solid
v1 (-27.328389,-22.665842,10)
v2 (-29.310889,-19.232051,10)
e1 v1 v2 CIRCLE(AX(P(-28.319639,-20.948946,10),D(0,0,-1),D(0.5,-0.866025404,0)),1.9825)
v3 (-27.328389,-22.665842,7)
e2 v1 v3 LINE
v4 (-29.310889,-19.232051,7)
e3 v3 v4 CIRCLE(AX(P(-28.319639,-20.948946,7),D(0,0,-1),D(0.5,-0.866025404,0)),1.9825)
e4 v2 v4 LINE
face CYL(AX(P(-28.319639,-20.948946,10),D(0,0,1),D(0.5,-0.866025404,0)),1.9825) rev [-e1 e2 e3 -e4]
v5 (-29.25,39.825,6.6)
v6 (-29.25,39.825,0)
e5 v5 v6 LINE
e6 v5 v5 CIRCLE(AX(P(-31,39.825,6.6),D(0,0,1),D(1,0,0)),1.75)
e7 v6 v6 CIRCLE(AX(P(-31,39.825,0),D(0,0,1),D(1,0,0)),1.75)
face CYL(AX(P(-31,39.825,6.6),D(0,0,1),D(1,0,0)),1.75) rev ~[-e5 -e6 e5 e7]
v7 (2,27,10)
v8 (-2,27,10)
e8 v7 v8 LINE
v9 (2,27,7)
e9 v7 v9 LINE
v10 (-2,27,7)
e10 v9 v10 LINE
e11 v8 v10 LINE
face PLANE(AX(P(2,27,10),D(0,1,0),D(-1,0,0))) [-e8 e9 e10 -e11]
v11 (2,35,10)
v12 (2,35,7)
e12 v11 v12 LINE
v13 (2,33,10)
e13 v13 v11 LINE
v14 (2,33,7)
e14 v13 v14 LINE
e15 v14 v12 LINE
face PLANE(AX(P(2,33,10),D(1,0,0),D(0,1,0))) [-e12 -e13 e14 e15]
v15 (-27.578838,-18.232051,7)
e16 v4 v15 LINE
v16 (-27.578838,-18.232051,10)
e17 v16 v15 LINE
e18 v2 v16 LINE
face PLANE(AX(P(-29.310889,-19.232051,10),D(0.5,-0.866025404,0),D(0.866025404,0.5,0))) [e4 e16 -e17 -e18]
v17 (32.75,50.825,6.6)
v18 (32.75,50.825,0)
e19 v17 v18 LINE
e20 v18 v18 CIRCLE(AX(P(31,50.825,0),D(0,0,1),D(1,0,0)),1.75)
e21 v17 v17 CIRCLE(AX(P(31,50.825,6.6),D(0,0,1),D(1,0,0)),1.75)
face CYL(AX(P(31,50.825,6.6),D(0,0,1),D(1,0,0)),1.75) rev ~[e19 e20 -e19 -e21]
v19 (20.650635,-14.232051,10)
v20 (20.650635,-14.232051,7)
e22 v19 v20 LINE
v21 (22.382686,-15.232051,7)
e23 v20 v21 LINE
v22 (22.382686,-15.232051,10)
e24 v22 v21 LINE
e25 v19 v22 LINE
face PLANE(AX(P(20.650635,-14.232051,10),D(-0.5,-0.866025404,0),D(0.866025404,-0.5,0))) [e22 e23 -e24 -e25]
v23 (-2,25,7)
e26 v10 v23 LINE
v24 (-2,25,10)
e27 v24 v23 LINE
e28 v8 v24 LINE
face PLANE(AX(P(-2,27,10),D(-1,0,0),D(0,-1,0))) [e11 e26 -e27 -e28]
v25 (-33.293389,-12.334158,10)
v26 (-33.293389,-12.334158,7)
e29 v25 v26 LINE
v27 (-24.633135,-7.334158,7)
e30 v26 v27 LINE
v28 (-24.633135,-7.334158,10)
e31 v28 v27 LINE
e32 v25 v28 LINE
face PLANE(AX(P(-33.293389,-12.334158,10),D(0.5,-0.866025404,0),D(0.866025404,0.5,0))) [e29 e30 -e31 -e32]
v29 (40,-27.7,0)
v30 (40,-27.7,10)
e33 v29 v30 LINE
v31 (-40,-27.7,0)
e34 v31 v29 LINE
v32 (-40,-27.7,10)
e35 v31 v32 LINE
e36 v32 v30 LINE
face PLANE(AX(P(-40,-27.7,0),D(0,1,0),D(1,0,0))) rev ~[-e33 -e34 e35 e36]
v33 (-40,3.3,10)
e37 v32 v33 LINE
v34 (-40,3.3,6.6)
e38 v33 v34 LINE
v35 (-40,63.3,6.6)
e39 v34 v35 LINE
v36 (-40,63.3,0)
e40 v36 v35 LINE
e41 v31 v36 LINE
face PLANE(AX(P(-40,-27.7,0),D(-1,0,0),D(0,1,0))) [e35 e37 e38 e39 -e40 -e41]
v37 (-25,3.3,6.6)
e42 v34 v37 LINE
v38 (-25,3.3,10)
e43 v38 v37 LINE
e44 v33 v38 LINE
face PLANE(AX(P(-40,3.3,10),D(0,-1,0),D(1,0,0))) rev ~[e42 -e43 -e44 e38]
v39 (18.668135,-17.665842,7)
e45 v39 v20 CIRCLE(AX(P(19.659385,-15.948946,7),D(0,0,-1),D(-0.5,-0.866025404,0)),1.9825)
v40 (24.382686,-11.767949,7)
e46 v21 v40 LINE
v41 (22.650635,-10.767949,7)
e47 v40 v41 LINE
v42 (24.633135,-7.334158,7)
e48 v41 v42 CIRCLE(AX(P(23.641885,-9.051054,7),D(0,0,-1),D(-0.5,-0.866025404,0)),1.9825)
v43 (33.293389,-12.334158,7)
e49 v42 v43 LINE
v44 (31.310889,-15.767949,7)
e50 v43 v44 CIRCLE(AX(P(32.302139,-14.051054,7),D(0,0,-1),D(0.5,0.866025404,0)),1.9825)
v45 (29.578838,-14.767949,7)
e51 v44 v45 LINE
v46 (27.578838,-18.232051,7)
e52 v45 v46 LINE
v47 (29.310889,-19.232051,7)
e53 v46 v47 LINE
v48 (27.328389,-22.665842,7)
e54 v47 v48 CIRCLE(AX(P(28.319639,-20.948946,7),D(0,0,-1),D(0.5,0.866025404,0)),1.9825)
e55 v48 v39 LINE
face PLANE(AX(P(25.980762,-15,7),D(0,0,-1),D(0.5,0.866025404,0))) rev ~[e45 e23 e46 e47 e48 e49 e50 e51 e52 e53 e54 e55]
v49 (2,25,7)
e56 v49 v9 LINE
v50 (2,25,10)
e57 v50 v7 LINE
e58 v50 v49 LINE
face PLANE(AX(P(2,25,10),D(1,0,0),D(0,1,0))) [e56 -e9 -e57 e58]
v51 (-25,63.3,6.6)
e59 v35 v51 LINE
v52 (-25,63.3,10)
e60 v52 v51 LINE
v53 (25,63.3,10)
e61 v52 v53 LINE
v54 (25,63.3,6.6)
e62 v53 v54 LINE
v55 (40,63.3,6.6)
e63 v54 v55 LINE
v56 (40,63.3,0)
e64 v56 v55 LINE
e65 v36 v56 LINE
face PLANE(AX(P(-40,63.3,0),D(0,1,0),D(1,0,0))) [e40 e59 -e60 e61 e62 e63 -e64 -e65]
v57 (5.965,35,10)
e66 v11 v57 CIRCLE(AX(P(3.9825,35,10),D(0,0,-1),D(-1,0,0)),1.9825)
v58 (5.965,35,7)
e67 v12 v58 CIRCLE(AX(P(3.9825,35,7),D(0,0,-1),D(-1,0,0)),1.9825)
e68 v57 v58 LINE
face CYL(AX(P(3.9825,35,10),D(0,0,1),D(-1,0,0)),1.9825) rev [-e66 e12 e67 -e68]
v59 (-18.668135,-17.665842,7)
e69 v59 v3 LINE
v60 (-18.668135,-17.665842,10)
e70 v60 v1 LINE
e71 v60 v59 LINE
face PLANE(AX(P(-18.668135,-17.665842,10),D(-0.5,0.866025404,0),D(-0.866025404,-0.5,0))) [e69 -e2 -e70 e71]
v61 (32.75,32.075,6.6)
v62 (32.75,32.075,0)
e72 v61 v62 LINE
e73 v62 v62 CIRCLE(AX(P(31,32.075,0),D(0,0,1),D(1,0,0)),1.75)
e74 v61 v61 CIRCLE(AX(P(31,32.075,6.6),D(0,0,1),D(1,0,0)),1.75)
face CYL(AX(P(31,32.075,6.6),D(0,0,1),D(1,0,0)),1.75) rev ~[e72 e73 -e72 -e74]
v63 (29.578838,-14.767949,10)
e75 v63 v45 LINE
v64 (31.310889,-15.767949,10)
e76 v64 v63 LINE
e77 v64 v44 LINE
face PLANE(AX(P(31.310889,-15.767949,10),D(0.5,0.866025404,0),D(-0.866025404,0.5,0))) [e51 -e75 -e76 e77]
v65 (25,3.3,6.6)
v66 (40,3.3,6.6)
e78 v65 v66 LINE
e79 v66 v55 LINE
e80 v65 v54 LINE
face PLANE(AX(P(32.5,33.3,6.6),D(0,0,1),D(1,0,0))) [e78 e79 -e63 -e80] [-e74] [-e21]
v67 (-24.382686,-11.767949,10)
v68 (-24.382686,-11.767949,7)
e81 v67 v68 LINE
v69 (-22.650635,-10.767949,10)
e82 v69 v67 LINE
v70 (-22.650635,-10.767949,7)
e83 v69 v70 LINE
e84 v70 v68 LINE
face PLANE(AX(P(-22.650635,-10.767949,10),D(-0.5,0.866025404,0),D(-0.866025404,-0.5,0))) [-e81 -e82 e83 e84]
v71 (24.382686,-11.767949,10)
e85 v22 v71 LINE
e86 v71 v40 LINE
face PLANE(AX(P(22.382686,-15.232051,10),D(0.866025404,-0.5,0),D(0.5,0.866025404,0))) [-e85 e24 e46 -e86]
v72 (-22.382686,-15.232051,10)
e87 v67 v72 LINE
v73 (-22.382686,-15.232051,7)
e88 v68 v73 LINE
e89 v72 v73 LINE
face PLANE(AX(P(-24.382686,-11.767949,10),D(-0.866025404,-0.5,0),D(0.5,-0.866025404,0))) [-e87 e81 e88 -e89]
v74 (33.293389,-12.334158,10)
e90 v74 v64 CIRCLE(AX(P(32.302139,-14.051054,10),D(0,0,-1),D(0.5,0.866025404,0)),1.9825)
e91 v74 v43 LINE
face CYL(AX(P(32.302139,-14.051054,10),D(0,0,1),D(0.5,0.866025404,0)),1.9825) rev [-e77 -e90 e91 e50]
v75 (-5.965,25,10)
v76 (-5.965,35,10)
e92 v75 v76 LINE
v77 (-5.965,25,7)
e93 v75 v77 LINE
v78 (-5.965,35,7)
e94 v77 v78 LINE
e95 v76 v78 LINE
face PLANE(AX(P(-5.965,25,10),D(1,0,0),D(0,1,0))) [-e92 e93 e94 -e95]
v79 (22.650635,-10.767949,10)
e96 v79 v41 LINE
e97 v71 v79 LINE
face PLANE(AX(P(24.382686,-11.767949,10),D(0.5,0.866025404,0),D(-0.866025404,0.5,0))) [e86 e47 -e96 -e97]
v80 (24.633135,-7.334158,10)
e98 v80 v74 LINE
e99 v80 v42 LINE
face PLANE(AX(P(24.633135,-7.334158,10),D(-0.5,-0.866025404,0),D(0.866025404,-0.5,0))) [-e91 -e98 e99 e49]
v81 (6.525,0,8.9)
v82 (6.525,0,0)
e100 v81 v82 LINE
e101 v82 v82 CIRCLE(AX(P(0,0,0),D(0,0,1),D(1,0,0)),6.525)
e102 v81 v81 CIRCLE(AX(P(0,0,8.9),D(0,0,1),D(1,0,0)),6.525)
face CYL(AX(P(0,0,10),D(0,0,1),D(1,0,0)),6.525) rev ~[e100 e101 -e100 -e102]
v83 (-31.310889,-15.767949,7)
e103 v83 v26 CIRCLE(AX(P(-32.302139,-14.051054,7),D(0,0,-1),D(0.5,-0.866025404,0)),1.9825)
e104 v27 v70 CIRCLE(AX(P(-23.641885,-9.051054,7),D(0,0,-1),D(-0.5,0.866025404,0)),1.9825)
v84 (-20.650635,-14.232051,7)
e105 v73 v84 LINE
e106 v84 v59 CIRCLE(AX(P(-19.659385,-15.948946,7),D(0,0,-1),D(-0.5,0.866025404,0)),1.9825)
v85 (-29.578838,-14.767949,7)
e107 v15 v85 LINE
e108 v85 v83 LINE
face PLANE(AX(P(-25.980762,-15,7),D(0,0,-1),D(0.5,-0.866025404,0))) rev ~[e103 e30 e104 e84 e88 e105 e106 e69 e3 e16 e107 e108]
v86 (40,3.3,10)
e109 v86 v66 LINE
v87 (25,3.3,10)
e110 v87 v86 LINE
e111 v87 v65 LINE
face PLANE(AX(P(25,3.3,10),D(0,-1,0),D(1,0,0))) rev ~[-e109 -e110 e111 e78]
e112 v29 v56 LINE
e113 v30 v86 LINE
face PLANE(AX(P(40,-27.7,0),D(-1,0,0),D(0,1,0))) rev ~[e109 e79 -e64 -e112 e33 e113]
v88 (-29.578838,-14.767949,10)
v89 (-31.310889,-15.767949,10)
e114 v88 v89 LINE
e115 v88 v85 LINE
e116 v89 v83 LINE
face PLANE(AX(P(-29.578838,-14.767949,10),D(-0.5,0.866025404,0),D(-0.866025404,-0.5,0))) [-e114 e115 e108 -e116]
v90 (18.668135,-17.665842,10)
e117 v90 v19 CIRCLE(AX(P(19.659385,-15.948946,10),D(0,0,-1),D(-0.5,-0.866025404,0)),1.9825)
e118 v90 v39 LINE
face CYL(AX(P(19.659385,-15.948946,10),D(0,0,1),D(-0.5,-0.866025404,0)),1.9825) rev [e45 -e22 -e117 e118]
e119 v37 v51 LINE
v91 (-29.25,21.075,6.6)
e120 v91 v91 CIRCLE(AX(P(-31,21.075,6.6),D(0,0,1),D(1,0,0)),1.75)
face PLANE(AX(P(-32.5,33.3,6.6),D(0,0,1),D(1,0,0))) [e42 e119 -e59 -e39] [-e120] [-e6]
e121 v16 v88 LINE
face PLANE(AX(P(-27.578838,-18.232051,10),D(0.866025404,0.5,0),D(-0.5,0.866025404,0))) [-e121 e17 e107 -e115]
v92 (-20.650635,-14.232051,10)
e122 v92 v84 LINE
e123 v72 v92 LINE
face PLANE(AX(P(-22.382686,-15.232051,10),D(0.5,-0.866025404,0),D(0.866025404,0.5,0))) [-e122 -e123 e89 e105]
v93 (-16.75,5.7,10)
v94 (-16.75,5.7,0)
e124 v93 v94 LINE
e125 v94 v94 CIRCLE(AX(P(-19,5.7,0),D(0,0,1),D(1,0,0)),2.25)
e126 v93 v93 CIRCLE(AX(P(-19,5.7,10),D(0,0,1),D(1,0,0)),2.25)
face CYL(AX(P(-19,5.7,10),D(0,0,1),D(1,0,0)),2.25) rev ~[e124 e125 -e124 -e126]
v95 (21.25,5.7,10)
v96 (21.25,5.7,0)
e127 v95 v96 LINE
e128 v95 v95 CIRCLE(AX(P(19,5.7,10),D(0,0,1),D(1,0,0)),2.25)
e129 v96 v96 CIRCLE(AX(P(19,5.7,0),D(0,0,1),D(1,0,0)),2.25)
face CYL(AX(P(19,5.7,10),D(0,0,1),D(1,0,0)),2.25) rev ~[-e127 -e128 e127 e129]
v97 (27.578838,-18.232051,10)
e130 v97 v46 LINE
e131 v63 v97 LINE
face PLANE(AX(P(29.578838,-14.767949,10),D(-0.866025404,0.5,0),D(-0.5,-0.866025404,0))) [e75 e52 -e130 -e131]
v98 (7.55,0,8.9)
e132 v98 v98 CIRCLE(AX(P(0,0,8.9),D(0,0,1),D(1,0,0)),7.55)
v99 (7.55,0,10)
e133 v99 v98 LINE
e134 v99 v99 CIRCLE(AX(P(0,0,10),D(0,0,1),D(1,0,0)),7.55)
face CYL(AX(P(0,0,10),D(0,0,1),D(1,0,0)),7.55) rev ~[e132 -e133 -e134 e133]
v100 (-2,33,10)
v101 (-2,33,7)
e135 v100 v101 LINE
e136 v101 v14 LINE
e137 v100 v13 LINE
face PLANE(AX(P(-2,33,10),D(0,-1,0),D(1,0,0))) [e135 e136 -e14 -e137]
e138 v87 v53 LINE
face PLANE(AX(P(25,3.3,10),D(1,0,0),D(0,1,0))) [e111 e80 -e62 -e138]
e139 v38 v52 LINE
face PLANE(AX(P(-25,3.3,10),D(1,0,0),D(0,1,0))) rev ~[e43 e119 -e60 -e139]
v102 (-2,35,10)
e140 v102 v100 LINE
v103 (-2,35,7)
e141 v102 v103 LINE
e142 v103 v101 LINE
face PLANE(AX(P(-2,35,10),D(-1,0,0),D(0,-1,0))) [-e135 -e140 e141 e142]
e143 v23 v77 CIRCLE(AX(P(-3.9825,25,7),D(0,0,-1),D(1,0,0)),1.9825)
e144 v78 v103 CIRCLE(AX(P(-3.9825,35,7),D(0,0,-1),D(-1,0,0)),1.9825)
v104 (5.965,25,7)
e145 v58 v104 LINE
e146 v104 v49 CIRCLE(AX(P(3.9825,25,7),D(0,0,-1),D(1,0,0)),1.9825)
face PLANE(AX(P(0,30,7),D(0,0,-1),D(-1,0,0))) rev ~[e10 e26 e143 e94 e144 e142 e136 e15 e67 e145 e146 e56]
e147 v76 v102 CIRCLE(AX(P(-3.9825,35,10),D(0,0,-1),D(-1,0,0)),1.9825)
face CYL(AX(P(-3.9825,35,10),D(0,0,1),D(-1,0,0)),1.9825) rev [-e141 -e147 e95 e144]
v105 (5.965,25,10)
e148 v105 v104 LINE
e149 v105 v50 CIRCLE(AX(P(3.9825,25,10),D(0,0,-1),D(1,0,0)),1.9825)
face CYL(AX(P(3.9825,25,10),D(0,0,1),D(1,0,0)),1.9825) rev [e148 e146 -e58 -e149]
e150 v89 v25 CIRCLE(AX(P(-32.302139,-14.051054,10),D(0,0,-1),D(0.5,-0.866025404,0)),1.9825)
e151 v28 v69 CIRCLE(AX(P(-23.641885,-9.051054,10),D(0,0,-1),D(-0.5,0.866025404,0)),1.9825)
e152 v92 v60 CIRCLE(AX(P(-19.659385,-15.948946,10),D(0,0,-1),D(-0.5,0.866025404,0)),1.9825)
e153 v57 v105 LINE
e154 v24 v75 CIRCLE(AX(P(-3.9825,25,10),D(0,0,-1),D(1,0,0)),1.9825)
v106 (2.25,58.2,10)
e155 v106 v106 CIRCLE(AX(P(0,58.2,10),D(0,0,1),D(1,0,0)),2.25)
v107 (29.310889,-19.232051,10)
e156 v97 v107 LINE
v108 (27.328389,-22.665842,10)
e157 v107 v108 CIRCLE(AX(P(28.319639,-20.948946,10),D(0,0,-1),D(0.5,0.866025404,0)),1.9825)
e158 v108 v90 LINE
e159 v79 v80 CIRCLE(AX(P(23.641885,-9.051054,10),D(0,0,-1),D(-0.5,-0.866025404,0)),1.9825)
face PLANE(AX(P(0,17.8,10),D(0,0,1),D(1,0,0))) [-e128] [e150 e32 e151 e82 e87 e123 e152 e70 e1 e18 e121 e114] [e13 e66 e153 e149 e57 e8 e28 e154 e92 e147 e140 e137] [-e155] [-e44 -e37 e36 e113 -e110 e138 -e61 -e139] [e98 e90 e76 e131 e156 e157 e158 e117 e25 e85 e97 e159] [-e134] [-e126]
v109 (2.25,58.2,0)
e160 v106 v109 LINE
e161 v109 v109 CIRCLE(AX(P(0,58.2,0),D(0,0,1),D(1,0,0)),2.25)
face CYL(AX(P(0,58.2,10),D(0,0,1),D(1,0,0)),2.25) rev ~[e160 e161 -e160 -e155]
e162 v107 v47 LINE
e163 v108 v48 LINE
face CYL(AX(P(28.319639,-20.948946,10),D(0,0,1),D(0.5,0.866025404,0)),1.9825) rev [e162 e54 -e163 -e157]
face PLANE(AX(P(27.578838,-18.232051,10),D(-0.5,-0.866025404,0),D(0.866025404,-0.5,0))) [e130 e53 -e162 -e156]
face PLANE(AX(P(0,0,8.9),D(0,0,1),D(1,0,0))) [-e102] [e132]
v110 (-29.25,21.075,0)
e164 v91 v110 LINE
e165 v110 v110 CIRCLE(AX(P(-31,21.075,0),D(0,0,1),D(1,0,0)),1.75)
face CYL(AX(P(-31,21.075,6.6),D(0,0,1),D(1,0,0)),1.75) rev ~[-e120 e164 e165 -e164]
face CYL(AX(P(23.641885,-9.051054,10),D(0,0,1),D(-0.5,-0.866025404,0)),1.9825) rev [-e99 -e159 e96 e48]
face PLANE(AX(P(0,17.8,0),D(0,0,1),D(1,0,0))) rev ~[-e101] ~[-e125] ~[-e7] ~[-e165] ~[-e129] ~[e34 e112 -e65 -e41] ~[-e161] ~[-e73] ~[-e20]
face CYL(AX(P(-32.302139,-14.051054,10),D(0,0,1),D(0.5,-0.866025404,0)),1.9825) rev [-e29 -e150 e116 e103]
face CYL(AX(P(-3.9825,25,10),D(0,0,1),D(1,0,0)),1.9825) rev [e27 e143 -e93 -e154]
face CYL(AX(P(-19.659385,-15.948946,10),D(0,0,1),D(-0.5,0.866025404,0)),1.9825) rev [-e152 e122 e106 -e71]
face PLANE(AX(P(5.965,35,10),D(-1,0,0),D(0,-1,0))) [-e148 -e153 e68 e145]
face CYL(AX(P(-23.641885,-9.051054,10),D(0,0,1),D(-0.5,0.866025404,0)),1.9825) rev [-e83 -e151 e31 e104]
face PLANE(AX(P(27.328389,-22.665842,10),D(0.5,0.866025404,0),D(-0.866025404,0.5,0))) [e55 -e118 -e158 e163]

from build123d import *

# Parameters (mm, degrees)
SKETCH1_W           = 80
SKETCH1_H           = 91
BOSS_EXTRUDE1_DEPTH = 10
SKETCH2_R           = 6.525
CUT_EXTRUDE1_DEPTH  = 76.543960712
SKETCH3_R           = 7.55
CUT_EXTRUDE2_DEPTH  = 1.1
CUT_EXTRUDE3_DEPTH  = 3
CIRPATTERN1_COUNT   = 3
SKETCH5_R           = 2.25
CUT_EXTRUDE4_DEPTH  = 76.543960712
SKETCH6_W           = 15
SKETCH6_H           = 60
CUT_EXTRUDE5_DEPTH  = 3.4
SKETCH7_R           = 1.75
CUT_EXTRUDE6_DEPTH  = 76.169475188


with BuildPart() as part:
    # Sketch1 → Boss-Extrude1 (new body)
    with BuildSketch(Plane.XY):
        with Locations((0, 17.8)):
            Rectangle(SKETCH1_W, SKETCH1_H)
    extrude(amount=BOSS_EXTRUDE1_DEPTH)

    # Sketch2 → Cut-Extrude1 (cut, through all)
    with BuildSketch(Plane.XY.offset(10)):
        Circle(SKETCH2_R)
    extrude(amount=-CUT_EXTRUDE1_DEPTH, mode=Mode.SUBTRACT)

    # Sketch3 → Cut-Extrude2 (cut)
    with BuildSketch(Plane.XY.offset(10)):
        Circle(SKETCH3_R)
    extrude(amount=-CUT_EXTRUDE2_DEPTH, mode=Mode.SUBTRACT)

    # Sketch4 → Cut-Extrude3 (cut)
    with BuildSketch(Plane.XY.offset(10)):
        with BuildLine():
            Line((-2, 35), (-2, 33))
            Line((-2, 33), (2, 33))
            Line((2, 33), (2, 35))
            ThreePointArc((2, 35), (3.9825, 36.9825), (5.965, 35))
            Line((5.965, 35), (5.965, 25))
            ThreePointArc((5.965, 25), (3.9825, 23.0175), (2, 25))
            Line((2, 25), (2, 27))
            Line((2, 27), (-2, 27))
            Line((-2, 27), (-2, 25))
            ThreePointArc((-2, 25), (-3.9825, 23.0175), (-5.965, 25))
            Line((-5.965, 25), (-5.965, 35))
            ThreePointArc((-5.965, 35), (-3.9825, 36.9825), (-2, 35))
        make_face()
    cut_extrude3 = extrude(amount=-CUT_EXTRUDE3_DEPTH, mode=Mode.SUBTRACT)

    # CirPattern1: Cut-Extrude3 ×3 about axis
    cirpattern1_axis = Axis((0, 0, 0), (0, 0, 1))
    for i in range(1, CIRPATTERN1_COUNT):
        add(cut_extrude3.rotate(cirpattern1_axis, i * 360 / CIRPATTERN1_COUNT), mode=Mode.SUBTRACT)

    # Sketch5 → Cut-Extrude4 (cut, through all)
    with BuildSketch(Plane.XY.offset(10)):
        with Locations((-19, 5.7)):
            Circle(SKETCH5_R)
        with Locations((19, 5.7)):
            Circle(SKETCH5_R)
        with Locations((0, 58.2)):
            Circle(SKETCH5_R)
    extrude(amount=-CUT_EXTRUDE4_DEPTH, mode=Mode.SUBTRACT)

    # Sketch6 → Cut-Extrude5 (cut)
    with BuildSketch(Plane.XY.offset(10)):
        with Locations((-32.5, 33.3)):
            Rectangle(SKETCH6_W, SKETCH6_H)
        with Locations((32.5, 33.3)):
            Rectangle(SKETCH6_W, SKETCH6_H)
    extrude(amount=-CUT_EXTRUDE5_DEPTH, mode=Mode.SUBTRACT)

    # Sketch7 → Cut-Extrude6 (cut, through all)
    with BuildSketch(Plane.XY.offset(6.6)):
        with Locations((-31, 21.075)):
            Circle(SKETCH7_R)
        with Locations((-31, 39.825)):
            Circle(SKETCH7_R)
        with Locations((31, 32.075)):
            Circle(SKETCH7_R)
        with Locations((31, 50.825)):
            Circle(SKETCH7_R)
    extrude(amount=-CUT_EXTRUDE6_DEPTH, mode=Mode.SUBTRACT)


solid = part.part
